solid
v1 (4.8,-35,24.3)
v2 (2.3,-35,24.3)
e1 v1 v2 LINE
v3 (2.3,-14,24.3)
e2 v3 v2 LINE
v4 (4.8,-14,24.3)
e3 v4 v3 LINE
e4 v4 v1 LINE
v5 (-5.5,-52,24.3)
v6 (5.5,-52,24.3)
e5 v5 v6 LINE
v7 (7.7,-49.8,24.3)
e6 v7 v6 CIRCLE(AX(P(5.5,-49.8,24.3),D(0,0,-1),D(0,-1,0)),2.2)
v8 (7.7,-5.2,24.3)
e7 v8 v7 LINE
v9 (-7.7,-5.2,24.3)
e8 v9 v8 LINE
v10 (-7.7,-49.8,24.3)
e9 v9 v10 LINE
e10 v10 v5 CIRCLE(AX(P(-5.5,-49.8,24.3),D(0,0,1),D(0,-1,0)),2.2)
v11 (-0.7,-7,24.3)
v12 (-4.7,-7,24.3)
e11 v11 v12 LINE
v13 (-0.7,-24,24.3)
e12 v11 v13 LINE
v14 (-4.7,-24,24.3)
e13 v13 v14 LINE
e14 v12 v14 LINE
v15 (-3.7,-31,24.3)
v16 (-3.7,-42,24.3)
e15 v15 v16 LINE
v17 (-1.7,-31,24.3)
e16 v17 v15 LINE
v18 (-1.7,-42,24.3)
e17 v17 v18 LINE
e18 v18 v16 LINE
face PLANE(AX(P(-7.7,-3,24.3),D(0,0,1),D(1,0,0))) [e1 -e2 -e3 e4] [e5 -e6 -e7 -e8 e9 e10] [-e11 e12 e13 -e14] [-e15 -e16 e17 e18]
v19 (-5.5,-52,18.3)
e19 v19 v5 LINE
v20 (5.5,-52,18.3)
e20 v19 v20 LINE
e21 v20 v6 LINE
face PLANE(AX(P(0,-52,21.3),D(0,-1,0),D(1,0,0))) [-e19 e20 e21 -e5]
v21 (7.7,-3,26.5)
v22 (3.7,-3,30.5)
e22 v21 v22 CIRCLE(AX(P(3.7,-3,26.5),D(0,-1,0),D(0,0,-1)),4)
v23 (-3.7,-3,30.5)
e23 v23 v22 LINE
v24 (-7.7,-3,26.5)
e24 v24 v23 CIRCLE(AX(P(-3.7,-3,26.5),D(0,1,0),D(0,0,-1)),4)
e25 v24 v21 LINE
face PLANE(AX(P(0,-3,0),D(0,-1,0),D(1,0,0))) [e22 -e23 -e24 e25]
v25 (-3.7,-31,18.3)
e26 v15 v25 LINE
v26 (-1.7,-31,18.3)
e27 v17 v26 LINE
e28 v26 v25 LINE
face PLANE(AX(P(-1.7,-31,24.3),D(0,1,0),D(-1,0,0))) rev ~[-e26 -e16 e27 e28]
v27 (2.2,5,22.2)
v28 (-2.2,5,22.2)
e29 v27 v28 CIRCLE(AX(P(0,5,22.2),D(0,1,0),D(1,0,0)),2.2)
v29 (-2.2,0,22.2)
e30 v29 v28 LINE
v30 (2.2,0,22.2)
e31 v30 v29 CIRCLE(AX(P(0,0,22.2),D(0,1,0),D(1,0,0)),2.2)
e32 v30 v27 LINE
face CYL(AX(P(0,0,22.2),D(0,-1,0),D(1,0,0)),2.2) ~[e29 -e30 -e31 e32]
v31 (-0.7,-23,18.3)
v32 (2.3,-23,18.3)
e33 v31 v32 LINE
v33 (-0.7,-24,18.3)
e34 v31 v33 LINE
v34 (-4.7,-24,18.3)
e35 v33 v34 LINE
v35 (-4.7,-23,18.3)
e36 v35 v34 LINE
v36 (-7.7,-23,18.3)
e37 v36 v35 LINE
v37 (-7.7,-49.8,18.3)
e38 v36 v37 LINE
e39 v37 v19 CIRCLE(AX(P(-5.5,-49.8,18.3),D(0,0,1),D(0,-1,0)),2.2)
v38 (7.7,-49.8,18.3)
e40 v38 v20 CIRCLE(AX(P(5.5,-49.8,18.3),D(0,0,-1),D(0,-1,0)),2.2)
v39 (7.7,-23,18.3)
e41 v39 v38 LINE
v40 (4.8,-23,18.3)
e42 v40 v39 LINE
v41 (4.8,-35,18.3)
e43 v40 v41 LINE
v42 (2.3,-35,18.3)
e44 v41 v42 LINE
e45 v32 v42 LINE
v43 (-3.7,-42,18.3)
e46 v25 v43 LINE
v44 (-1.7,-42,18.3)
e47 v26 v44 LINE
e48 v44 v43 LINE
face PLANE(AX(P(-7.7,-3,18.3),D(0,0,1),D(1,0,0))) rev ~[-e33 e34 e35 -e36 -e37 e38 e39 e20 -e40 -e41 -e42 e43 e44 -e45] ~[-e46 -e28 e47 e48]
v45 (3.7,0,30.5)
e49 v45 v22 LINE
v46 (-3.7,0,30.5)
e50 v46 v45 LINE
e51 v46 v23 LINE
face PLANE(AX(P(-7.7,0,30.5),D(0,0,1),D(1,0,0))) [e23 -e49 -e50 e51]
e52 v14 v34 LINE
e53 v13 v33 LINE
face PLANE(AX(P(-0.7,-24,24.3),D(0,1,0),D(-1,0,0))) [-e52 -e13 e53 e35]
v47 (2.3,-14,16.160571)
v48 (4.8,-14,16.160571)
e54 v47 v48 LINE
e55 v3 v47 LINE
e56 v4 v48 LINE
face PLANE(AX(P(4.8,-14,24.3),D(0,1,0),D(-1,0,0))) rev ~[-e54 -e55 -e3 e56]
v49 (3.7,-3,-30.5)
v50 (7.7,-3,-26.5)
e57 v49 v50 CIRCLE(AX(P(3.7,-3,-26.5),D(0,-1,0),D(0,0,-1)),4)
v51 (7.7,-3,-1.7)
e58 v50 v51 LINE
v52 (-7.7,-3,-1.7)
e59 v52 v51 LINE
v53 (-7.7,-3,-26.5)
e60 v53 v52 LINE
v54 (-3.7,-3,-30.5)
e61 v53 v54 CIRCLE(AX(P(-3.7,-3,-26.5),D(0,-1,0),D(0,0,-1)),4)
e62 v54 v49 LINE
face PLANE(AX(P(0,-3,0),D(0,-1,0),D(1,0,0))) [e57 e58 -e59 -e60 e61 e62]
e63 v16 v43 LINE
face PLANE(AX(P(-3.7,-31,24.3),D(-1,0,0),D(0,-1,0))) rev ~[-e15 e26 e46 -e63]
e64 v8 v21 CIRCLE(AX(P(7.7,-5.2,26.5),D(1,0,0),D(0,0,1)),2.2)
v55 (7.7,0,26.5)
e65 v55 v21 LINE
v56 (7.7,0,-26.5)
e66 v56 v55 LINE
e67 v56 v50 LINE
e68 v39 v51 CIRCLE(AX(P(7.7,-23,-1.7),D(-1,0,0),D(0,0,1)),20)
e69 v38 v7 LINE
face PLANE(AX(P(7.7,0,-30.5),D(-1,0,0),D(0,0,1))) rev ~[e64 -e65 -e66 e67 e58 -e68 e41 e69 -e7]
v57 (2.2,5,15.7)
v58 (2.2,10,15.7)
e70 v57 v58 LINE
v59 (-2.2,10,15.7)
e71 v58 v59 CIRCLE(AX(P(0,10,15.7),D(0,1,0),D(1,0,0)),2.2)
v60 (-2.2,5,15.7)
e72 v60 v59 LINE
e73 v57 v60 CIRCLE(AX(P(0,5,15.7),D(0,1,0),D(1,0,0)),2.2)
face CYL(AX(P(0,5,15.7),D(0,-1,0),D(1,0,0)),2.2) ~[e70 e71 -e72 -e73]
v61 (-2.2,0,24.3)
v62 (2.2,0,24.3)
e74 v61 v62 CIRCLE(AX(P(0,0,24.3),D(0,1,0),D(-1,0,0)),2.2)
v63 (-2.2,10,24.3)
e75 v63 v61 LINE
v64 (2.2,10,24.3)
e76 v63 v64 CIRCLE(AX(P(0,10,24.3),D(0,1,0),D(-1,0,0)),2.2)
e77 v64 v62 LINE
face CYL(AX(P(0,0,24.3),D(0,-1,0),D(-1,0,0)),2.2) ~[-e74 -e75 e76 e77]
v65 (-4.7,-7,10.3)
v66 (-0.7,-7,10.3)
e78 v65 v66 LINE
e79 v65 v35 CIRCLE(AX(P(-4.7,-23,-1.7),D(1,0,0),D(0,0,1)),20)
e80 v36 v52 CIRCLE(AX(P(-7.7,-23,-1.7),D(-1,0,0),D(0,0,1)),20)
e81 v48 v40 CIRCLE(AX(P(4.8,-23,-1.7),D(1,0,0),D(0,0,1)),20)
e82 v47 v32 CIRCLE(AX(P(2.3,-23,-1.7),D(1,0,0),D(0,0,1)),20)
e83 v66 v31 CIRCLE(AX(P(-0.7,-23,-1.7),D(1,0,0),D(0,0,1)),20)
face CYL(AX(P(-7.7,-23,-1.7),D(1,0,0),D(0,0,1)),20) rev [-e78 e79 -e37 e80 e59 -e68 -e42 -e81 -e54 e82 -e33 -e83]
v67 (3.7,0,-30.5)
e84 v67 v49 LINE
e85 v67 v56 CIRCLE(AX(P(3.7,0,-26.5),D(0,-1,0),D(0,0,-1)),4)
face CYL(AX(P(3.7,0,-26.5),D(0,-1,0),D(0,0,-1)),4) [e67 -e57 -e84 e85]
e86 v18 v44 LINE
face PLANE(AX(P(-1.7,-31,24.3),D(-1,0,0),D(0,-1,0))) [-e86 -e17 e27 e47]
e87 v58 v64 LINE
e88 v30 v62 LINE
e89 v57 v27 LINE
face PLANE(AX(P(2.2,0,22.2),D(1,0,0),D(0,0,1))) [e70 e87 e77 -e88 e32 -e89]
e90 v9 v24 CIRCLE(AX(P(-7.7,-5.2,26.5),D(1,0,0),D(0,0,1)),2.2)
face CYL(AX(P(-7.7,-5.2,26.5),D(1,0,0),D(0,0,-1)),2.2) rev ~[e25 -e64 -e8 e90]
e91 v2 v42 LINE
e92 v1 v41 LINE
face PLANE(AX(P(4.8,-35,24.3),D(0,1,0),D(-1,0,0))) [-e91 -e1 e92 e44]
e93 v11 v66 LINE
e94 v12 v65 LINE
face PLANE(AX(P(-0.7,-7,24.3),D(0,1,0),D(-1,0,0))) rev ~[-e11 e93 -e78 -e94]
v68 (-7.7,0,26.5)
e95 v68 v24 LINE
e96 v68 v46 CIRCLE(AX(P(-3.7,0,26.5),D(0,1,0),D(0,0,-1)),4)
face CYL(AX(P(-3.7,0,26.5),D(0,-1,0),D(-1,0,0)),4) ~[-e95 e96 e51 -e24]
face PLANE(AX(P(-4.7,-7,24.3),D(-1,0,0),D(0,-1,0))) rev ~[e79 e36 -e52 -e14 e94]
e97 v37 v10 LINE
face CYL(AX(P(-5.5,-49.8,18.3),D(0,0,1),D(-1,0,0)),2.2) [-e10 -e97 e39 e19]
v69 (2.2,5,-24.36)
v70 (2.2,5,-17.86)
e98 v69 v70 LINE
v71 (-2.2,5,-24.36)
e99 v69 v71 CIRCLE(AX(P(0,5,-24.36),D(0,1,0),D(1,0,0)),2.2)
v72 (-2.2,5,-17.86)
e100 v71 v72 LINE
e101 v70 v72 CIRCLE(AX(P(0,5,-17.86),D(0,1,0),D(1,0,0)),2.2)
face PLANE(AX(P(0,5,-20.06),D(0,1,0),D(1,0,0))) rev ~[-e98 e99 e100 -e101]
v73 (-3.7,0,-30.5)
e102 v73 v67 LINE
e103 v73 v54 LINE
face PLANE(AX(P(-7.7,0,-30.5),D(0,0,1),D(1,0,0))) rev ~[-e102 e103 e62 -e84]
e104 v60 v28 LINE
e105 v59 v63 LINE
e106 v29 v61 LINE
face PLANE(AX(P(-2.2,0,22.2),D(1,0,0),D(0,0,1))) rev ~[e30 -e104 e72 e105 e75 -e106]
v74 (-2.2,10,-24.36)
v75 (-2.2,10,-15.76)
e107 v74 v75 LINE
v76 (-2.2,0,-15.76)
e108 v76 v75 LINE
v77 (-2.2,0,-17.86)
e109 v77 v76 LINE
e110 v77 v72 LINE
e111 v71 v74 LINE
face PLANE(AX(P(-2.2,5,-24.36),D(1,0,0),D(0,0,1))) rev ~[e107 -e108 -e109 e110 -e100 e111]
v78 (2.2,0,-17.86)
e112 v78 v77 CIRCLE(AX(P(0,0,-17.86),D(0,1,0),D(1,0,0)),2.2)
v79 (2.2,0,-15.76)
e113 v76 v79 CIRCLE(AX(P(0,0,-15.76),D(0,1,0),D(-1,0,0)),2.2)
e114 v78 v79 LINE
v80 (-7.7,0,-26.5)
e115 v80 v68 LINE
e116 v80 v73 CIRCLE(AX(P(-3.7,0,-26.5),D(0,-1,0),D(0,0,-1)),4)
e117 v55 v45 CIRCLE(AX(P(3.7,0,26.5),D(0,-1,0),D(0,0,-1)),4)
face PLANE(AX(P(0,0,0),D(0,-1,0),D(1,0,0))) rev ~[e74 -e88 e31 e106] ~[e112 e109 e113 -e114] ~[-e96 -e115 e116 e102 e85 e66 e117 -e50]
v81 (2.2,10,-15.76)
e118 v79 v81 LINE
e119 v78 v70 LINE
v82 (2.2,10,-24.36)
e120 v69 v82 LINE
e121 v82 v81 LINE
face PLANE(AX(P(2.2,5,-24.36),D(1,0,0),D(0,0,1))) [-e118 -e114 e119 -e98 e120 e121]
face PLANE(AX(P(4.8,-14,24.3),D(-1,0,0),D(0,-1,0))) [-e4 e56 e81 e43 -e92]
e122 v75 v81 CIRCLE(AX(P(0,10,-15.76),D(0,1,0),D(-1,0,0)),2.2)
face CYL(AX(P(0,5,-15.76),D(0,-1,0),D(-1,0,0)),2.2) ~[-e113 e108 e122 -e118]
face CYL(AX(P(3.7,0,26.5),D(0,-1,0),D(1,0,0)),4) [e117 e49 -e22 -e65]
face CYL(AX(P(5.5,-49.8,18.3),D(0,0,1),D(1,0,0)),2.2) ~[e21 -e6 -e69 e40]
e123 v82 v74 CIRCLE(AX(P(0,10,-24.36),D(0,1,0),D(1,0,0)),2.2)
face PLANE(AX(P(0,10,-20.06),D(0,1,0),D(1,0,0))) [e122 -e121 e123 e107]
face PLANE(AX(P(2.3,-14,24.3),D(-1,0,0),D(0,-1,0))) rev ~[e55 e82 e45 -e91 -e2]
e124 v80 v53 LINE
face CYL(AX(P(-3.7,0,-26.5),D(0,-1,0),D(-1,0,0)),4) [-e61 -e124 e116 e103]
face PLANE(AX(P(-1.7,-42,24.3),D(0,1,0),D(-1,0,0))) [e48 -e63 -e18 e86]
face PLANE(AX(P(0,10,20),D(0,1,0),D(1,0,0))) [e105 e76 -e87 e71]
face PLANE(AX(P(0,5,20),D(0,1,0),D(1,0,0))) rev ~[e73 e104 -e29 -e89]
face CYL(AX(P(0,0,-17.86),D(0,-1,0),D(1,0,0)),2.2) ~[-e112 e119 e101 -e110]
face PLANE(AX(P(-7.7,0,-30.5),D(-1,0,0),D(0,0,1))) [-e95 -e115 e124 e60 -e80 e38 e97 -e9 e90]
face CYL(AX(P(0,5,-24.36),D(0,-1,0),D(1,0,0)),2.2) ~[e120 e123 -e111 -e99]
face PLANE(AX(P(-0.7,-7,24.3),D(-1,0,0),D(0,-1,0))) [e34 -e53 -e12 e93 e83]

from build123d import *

# Parameters (mm, degrees)
SKETCH_W      = 15.4
SKETCH_H      = 61
PAD_DEPTH     = 3
FILLET_R      = 4
PAD001_DEPTH  = 5
PAD002_DEPTH  = 5
SKETCH003_W   = 15.4
SKETCH003_H   = 6
PAD003_DEPTH  = 49
FILLET001_R   = 2.2
FILLET002_R   = 20
FILLET003_R   = 2.2
SKETCH004_W   = 4
SKETCH004_H   = 17
SKETCH004_W_2 = 2
SKETCH004_H_2 = 11
SKETCH004_W_3 = 2.5
SKETCH004_H_3 = 21
POCKET_DEPTH  = 54.801


with BuildPart() as part:
    # Sketch → Pad (new body)
    with BuildSketch(Plane.XZ):
        Rectangle(SKETCH_W, SKETCH_H)
    extrude(amount=PAD_DEPTH)

    # Fillet
    fillet_edges = [part.edges().sort_by_distance(p)[0] for p in [
        (7.7, -1.5, 30.5),
        (-7.7, -1.5, 30.5),
        (7.7, -1.5, -30.5),
        (-7.7, -1.5, -30.5),
    ]]
    fillet(fillet_edges, radius=FILLET_R)

    # Sketch001 (on Face2 of Fillet) → Pad001 (join)
    with BuildSketch(Plane(origin=(0, 0, 0), x_dir=(1, 0, 0), z_dir=(0, 1, 0))):
        with BuildLine():
            Line((-2.2, 17.86), (-2.2, 15.76))
            ThreePointArc((-2.2, 15.76), (0, 13.56), (2.2, 15.76))
            Line((2.2, 17.86), (2.2, 15.76))
            ThreePointArc((2.2, 17.86), (0, 20.06), (-2.2, 17.86))
        make_face()
        with BuildLine():
            Line((-2.2, -22.2), (-2.2, -24.3))
            ThreePointArc((-2.2, -24.3), (0, -26.5), (2.2, -24.3))
            Line((2.2, -22.2), (2.2, -24.3))
            ThreePointArc((2.2, -22.2), (0, -20), (-2.2, -22.2))
        make_face()
    extrude(amount=PAD001_DEPTH)

    # Sketch002 (on Face19 of Pad001) → Pad002 (join)
    with BuildSketch(Plane(origin=(0, 5, 0), x_dir=(1, 0, 0), z_dir=(0, 1, 0))):
        with BuildLine():
            Line((-2.2, 24.36), (-2.2, 15.76))
            ThreePointArc((-2.2, 15.76), (0, 13.56), (2.2, 15.76))
            Line((2.2, 24.36), (2.2, 15.76))
            ThreePointArc((2.2, 24.36), (0, 26.56), (-2.2, 24.36))
        make_face()
        with BuildLine():
            Line((-2.2, -15.7), (-2.2, -24.3))
            ThreePointArc((-2.2, -24.3), (0, -26.5), (2.2, -24.3))
            Line((2.2, -15.7), (2.2, -24.3))
            ThreePointArc((2.2, -15.7), (0, -13.5), (-2.2, -15.7))
        make_face()
    extrude(amount=PAD002_DEPTH)

    # Sketch003 (on Face5 of Pad002) → Pad003 (join)
    with BuildSketch(Plane.XZ.offset(3)):
        with Locations((0, 21.3)):
            Rectangle(SKETCH003_W, SKETCH003_H)
    extrude(amount=PAD003_DEPTH)

    # Fillet001
    fillet001_edges = [part.edges().sort_by_distance(p)[0] for p in [
        (7.7, -52, 21.3),
        (-7.7, -52, 21.3),
    ]]
    fillet(fillet001_edges, radius=FILLET001_R)

    # Fillet002
    fillet002_edges = [part.edges().sort_by_distance(p)[0] for p in [
        (0, -3, 18.3),
    ]]
    fillet(fillet002_edges, radius=FILLET002_R)

    # Fillet003
    fillet003_edges = [part.edges().sort_by_distance(p)[0] for p in [
        (0, -3, 24.3),
    ]]
    fillet(fillet003_edges, radius=FILLET003_R)

    # Sketch004 (on Face2 of Fillet003) → Pocket (cut, through all)
    with BuildSketch(Plane(origin=(0, 0, 24.3), x_dir=(-1, 0, 0), z_dir=(0, 0, 1))):
        with Locations((2.7, 15.5)):
            Rectangle(SKETCH004_W, SKETCH004_H)
        with Locations((2.7, 36.5)):
            Rectangle(SKETCH004_W_2, SKETCH004_H_2)
        with Locations((-3.55, 24.5)):
            Rectangle(SKETCH004_W_3, SKETCH004_H_3)
    extrude(amount=-POCKET_DEPTH, mode=Mode.SUBTRACT)


solid = part.part
